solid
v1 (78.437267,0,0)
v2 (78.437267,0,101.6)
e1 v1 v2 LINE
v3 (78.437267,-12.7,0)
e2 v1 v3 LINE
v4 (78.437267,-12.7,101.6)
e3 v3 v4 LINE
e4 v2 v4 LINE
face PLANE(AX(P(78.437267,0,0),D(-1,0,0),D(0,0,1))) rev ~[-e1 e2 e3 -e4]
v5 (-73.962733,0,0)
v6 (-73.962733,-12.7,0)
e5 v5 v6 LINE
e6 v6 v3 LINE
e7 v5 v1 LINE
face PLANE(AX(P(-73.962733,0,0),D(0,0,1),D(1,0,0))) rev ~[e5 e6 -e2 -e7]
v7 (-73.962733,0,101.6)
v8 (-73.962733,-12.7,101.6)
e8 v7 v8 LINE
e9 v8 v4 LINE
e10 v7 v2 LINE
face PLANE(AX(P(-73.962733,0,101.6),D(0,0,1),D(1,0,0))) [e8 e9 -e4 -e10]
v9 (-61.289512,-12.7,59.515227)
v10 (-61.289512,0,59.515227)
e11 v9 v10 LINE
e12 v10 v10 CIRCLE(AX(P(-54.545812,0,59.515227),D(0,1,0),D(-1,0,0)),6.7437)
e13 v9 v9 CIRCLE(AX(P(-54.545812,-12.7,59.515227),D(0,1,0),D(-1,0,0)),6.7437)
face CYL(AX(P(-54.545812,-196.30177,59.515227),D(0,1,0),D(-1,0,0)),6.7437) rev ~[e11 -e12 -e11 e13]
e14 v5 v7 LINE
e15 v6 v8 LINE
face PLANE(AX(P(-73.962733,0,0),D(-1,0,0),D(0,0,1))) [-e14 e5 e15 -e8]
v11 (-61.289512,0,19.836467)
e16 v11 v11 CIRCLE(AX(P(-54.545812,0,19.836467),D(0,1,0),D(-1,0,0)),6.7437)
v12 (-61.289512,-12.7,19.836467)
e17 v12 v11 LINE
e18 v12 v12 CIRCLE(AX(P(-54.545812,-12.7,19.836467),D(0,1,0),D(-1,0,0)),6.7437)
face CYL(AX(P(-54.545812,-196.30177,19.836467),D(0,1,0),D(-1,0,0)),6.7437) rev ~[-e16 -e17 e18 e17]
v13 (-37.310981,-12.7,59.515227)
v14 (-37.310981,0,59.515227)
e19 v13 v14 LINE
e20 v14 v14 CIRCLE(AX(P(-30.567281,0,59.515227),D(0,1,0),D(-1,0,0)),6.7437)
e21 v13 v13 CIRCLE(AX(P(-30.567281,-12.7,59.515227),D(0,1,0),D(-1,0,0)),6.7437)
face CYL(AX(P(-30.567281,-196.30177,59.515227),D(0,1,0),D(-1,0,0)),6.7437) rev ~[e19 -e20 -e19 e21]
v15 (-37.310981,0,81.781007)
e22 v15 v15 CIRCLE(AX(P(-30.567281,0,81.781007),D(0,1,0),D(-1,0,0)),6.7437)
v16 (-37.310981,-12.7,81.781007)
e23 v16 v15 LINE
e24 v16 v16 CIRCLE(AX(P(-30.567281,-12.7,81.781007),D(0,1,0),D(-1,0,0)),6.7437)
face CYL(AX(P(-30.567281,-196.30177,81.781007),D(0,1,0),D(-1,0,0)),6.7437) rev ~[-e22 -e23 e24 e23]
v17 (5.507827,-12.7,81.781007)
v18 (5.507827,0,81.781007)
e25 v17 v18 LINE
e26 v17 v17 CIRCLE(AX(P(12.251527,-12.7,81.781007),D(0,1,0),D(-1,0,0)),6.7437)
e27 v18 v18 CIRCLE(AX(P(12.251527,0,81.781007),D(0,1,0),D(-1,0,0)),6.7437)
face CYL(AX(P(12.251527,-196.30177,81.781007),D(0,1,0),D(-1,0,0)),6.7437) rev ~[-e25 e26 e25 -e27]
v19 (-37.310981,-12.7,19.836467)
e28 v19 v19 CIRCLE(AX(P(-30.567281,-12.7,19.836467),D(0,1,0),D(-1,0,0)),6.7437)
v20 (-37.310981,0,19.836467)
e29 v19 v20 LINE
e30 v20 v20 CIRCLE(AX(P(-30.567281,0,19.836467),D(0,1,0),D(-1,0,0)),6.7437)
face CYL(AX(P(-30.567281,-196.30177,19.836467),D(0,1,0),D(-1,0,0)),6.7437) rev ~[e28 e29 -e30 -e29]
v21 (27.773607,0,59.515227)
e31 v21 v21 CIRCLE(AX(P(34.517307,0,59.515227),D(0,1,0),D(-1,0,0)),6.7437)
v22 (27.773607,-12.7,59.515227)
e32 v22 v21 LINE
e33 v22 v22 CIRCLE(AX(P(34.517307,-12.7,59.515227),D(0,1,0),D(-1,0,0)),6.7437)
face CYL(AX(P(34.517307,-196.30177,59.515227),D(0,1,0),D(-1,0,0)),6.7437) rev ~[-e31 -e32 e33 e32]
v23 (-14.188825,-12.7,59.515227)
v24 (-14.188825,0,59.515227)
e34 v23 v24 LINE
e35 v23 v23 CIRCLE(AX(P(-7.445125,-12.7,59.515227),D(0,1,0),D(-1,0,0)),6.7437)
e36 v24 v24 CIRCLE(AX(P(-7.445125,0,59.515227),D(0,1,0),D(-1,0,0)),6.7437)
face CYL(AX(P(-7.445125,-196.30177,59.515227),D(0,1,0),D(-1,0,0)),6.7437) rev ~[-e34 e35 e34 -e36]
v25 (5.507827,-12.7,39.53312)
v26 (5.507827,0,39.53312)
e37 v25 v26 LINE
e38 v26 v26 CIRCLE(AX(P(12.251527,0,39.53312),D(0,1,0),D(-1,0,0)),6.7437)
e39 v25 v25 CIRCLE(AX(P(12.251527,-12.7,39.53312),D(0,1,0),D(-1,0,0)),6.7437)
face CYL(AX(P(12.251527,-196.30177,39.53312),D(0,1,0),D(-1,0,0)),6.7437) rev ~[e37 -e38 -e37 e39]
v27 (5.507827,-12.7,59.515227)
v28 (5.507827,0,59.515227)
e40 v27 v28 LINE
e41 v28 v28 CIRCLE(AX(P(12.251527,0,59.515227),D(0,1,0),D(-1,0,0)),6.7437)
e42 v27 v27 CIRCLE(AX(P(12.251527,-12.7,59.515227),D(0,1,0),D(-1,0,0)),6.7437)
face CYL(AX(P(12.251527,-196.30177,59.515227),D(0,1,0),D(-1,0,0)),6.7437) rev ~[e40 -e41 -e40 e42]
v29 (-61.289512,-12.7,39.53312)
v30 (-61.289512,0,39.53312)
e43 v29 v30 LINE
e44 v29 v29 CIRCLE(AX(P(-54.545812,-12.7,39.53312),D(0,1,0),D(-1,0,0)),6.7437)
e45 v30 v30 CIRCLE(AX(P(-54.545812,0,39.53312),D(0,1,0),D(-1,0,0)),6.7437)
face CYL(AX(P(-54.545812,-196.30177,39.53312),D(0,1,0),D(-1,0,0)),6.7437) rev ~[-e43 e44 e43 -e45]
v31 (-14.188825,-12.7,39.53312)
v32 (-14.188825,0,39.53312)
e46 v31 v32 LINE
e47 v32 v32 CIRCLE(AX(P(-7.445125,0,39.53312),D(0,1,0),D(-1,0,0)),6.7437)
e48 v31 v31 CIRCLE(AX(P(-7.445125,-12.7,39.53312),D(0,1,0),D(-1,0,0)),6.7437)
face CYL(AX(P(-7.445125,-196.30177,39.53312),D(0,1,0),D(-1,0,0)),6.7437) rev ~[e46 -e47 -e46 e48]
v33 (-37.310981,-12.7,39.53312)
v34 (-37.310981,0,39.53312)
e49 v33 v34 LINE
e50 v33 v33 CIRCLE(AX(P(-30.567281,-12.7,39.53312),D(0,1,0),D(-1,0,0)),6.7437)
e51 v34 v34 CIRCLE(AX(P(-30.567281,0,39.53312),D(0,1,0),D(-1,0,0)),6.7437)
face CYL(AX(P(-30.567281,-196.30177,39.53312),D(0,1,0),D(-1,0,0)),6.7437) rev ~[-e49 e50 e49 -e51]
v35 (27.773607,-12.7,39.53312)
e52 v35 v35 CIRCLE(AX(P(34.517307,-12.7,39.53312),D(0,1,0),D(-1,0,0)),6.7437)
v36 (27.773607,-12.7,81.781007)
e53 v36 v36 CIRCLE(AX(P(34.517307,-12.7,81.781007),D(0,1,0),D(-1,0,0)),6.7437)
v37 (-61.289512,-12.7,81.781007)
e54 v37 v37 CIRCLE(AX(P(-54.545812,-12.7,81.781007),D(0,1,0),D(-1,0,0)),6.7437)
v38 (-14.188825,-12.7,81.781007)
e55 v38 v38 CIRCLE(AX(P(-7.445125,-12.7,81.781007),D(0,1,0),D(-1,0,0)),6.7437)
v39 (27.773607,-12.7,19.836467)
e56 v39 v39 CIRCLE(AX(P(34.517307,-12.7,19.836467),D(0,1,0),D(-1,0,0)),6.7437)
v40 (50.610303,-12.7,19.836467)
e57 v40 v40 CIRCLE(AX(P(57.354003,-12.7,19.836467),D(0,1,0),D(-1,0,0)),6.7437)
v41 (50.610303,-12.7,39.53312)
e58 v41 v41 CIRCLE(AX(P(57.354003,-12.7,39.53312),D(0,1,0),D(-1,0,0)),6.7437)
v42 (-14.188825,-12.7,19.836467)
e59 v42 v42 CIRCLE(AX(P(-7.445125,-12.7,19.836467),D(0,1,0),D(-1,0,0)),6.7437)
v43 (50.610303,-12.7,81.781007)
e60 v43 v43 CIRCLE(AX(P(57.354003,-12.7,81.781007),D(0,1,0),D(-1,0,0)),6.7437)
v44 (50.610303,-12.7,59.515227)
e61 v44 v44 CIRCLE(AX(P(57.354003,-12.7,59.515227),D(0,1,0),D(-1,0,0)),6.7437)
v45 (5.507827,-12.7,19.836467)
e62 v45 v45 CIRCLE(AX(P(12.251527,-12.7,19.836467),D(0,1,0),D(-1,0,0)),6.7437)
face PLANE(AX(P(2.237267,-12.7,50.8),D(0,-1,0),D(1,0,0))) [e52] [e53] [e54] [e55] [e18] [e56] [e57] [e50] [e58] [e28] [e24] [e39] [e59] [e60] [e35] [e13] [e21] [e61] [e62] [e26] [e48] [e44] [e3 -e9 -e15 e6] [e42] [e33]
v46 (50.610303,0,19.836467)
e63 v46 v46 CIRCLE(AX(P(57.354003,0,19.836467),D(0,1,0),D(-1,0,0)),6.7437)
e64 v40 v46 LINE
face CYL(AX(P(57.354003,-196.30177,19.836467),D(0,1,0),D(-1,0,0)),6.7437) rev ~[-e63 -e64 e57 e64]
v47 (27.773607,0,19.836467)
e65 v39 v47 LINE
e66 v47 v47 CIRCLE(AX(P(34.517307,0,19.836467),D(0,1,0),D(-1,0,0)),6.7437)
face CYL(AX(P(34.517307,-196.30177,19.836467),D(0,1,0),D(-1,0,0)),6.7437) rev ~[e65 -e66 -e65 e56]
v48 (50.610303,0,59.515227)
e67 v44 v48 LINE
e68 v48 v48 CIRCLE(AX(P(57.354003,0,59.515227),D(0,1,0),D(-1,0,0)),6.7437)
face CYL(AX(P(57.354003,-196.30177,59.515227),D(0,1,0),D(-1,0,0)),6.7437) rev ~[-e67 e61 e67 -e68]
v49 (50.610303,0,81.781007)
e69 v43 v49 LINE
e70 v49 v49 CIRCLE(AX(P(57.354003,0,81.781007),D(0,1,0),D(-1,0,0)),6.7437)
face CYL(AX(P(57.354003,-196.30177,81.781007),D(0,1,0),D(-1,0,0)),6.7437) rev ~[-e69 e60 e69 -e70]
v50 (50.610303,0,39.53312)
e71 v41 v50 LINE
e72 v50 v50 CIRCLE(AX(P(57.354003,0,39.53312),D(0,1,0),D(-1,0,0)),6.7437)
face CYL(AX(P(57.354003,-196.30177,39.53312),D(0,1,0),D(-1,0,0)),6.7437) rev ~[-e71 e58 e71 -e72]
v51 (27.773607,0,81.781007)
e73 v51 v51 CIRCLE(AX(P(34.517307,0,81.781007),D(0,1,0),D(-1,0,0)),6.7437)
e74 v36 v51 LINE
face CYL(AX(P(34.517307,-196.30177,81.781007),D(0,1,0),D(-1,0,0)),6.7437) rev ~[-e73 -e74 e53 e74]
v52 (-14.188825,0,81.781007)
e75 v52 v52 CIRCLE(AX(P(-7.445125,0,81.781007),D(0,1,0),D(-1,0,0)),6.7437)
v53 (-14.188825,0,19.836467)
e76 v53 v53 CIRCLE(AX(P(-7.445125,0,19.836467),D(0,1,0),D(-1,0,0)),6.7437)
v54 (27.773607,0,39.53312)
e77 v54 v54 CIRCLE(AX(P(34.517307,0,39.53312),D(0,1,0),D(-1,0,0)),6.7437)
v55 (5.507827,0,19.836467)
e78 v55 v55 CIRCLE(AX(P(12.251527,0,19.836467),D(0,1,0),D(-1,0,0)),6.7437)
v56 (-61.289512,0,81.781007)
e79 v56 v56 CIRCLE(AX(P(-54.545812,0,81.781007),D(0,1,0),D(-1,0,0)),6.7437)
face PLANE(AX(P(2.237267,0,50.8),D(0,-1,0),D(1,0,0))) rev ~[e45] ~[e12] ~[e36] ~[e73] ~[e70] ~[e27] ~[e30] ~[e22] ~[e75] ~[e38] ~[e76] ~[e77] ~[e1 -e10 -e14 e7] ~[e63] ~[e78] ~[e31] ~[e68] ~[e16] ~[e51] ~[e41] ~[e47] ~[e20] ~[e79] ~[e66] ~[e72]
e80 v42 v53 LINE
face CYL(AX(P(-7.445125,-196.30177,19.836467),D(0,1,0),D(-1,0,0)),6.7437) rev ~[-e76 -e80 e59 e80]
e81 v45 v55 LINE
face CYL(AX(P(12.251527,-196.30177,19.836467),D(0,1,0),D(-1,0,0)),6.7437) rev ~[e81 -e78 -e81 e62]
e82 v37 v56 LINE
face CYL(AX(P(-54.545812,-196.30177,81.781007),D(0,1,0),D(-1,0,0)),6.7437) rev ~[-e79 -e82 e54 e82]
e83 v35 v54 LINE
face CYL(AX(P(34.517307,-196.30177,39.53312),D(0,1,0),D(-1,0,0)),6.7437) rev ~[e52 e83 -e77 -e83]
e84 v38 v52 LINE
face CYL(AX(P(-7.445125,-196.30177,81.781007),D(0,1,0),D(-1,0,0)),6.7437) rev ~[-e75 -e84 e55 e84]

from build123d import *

# Parameters (mm, degrees)
F0_W     = 152.4
F0_H     = 101.6
F1_DEPTH = 12.7
F3_D     = 13.4874


with BuildPart() as f1:
    # F0 (on Front) → F1 (new body)
    with BuildSketch(Plane.XZ):
        with Locations((2.237267, 50.8)):
            Rectangle(F0_W, F0_H)
    extrude(amount=F1_DEPTH)

    # F3 (through all)
    with Locations(Plane.XZ.offset(12.7)):
        with Locations((-54.545812, 81.781007), (-54.545812, 59.515227), (-54.545812, 39.53312), (-7.445125, 81.781007), (-7.445125, 59.515227), (-7.445125, 39.53312), (-7.445125, 19.836467), (-30.567281, 81.781007), (-30.567281, 59.515227), (-30.567281, 39.53312), (-30.567281, 19.836467), (-54.545812, 19.836467), (12.251527, 81.781007), (12.251527, 59.515227), (12.251527, 39.53312), (12.251527, 19.836467), (34.517307, 19.836467), (34.517307, 39.53312), (34.517307, 59.515227), (34.517307, 81.781007), (57.354003, 81.781007), (57.354003, 59.515227), (57.354003, 39.53312), (57.354003, 19.836467)):
            Hole(F3_D / 2)


solid = f1.part
